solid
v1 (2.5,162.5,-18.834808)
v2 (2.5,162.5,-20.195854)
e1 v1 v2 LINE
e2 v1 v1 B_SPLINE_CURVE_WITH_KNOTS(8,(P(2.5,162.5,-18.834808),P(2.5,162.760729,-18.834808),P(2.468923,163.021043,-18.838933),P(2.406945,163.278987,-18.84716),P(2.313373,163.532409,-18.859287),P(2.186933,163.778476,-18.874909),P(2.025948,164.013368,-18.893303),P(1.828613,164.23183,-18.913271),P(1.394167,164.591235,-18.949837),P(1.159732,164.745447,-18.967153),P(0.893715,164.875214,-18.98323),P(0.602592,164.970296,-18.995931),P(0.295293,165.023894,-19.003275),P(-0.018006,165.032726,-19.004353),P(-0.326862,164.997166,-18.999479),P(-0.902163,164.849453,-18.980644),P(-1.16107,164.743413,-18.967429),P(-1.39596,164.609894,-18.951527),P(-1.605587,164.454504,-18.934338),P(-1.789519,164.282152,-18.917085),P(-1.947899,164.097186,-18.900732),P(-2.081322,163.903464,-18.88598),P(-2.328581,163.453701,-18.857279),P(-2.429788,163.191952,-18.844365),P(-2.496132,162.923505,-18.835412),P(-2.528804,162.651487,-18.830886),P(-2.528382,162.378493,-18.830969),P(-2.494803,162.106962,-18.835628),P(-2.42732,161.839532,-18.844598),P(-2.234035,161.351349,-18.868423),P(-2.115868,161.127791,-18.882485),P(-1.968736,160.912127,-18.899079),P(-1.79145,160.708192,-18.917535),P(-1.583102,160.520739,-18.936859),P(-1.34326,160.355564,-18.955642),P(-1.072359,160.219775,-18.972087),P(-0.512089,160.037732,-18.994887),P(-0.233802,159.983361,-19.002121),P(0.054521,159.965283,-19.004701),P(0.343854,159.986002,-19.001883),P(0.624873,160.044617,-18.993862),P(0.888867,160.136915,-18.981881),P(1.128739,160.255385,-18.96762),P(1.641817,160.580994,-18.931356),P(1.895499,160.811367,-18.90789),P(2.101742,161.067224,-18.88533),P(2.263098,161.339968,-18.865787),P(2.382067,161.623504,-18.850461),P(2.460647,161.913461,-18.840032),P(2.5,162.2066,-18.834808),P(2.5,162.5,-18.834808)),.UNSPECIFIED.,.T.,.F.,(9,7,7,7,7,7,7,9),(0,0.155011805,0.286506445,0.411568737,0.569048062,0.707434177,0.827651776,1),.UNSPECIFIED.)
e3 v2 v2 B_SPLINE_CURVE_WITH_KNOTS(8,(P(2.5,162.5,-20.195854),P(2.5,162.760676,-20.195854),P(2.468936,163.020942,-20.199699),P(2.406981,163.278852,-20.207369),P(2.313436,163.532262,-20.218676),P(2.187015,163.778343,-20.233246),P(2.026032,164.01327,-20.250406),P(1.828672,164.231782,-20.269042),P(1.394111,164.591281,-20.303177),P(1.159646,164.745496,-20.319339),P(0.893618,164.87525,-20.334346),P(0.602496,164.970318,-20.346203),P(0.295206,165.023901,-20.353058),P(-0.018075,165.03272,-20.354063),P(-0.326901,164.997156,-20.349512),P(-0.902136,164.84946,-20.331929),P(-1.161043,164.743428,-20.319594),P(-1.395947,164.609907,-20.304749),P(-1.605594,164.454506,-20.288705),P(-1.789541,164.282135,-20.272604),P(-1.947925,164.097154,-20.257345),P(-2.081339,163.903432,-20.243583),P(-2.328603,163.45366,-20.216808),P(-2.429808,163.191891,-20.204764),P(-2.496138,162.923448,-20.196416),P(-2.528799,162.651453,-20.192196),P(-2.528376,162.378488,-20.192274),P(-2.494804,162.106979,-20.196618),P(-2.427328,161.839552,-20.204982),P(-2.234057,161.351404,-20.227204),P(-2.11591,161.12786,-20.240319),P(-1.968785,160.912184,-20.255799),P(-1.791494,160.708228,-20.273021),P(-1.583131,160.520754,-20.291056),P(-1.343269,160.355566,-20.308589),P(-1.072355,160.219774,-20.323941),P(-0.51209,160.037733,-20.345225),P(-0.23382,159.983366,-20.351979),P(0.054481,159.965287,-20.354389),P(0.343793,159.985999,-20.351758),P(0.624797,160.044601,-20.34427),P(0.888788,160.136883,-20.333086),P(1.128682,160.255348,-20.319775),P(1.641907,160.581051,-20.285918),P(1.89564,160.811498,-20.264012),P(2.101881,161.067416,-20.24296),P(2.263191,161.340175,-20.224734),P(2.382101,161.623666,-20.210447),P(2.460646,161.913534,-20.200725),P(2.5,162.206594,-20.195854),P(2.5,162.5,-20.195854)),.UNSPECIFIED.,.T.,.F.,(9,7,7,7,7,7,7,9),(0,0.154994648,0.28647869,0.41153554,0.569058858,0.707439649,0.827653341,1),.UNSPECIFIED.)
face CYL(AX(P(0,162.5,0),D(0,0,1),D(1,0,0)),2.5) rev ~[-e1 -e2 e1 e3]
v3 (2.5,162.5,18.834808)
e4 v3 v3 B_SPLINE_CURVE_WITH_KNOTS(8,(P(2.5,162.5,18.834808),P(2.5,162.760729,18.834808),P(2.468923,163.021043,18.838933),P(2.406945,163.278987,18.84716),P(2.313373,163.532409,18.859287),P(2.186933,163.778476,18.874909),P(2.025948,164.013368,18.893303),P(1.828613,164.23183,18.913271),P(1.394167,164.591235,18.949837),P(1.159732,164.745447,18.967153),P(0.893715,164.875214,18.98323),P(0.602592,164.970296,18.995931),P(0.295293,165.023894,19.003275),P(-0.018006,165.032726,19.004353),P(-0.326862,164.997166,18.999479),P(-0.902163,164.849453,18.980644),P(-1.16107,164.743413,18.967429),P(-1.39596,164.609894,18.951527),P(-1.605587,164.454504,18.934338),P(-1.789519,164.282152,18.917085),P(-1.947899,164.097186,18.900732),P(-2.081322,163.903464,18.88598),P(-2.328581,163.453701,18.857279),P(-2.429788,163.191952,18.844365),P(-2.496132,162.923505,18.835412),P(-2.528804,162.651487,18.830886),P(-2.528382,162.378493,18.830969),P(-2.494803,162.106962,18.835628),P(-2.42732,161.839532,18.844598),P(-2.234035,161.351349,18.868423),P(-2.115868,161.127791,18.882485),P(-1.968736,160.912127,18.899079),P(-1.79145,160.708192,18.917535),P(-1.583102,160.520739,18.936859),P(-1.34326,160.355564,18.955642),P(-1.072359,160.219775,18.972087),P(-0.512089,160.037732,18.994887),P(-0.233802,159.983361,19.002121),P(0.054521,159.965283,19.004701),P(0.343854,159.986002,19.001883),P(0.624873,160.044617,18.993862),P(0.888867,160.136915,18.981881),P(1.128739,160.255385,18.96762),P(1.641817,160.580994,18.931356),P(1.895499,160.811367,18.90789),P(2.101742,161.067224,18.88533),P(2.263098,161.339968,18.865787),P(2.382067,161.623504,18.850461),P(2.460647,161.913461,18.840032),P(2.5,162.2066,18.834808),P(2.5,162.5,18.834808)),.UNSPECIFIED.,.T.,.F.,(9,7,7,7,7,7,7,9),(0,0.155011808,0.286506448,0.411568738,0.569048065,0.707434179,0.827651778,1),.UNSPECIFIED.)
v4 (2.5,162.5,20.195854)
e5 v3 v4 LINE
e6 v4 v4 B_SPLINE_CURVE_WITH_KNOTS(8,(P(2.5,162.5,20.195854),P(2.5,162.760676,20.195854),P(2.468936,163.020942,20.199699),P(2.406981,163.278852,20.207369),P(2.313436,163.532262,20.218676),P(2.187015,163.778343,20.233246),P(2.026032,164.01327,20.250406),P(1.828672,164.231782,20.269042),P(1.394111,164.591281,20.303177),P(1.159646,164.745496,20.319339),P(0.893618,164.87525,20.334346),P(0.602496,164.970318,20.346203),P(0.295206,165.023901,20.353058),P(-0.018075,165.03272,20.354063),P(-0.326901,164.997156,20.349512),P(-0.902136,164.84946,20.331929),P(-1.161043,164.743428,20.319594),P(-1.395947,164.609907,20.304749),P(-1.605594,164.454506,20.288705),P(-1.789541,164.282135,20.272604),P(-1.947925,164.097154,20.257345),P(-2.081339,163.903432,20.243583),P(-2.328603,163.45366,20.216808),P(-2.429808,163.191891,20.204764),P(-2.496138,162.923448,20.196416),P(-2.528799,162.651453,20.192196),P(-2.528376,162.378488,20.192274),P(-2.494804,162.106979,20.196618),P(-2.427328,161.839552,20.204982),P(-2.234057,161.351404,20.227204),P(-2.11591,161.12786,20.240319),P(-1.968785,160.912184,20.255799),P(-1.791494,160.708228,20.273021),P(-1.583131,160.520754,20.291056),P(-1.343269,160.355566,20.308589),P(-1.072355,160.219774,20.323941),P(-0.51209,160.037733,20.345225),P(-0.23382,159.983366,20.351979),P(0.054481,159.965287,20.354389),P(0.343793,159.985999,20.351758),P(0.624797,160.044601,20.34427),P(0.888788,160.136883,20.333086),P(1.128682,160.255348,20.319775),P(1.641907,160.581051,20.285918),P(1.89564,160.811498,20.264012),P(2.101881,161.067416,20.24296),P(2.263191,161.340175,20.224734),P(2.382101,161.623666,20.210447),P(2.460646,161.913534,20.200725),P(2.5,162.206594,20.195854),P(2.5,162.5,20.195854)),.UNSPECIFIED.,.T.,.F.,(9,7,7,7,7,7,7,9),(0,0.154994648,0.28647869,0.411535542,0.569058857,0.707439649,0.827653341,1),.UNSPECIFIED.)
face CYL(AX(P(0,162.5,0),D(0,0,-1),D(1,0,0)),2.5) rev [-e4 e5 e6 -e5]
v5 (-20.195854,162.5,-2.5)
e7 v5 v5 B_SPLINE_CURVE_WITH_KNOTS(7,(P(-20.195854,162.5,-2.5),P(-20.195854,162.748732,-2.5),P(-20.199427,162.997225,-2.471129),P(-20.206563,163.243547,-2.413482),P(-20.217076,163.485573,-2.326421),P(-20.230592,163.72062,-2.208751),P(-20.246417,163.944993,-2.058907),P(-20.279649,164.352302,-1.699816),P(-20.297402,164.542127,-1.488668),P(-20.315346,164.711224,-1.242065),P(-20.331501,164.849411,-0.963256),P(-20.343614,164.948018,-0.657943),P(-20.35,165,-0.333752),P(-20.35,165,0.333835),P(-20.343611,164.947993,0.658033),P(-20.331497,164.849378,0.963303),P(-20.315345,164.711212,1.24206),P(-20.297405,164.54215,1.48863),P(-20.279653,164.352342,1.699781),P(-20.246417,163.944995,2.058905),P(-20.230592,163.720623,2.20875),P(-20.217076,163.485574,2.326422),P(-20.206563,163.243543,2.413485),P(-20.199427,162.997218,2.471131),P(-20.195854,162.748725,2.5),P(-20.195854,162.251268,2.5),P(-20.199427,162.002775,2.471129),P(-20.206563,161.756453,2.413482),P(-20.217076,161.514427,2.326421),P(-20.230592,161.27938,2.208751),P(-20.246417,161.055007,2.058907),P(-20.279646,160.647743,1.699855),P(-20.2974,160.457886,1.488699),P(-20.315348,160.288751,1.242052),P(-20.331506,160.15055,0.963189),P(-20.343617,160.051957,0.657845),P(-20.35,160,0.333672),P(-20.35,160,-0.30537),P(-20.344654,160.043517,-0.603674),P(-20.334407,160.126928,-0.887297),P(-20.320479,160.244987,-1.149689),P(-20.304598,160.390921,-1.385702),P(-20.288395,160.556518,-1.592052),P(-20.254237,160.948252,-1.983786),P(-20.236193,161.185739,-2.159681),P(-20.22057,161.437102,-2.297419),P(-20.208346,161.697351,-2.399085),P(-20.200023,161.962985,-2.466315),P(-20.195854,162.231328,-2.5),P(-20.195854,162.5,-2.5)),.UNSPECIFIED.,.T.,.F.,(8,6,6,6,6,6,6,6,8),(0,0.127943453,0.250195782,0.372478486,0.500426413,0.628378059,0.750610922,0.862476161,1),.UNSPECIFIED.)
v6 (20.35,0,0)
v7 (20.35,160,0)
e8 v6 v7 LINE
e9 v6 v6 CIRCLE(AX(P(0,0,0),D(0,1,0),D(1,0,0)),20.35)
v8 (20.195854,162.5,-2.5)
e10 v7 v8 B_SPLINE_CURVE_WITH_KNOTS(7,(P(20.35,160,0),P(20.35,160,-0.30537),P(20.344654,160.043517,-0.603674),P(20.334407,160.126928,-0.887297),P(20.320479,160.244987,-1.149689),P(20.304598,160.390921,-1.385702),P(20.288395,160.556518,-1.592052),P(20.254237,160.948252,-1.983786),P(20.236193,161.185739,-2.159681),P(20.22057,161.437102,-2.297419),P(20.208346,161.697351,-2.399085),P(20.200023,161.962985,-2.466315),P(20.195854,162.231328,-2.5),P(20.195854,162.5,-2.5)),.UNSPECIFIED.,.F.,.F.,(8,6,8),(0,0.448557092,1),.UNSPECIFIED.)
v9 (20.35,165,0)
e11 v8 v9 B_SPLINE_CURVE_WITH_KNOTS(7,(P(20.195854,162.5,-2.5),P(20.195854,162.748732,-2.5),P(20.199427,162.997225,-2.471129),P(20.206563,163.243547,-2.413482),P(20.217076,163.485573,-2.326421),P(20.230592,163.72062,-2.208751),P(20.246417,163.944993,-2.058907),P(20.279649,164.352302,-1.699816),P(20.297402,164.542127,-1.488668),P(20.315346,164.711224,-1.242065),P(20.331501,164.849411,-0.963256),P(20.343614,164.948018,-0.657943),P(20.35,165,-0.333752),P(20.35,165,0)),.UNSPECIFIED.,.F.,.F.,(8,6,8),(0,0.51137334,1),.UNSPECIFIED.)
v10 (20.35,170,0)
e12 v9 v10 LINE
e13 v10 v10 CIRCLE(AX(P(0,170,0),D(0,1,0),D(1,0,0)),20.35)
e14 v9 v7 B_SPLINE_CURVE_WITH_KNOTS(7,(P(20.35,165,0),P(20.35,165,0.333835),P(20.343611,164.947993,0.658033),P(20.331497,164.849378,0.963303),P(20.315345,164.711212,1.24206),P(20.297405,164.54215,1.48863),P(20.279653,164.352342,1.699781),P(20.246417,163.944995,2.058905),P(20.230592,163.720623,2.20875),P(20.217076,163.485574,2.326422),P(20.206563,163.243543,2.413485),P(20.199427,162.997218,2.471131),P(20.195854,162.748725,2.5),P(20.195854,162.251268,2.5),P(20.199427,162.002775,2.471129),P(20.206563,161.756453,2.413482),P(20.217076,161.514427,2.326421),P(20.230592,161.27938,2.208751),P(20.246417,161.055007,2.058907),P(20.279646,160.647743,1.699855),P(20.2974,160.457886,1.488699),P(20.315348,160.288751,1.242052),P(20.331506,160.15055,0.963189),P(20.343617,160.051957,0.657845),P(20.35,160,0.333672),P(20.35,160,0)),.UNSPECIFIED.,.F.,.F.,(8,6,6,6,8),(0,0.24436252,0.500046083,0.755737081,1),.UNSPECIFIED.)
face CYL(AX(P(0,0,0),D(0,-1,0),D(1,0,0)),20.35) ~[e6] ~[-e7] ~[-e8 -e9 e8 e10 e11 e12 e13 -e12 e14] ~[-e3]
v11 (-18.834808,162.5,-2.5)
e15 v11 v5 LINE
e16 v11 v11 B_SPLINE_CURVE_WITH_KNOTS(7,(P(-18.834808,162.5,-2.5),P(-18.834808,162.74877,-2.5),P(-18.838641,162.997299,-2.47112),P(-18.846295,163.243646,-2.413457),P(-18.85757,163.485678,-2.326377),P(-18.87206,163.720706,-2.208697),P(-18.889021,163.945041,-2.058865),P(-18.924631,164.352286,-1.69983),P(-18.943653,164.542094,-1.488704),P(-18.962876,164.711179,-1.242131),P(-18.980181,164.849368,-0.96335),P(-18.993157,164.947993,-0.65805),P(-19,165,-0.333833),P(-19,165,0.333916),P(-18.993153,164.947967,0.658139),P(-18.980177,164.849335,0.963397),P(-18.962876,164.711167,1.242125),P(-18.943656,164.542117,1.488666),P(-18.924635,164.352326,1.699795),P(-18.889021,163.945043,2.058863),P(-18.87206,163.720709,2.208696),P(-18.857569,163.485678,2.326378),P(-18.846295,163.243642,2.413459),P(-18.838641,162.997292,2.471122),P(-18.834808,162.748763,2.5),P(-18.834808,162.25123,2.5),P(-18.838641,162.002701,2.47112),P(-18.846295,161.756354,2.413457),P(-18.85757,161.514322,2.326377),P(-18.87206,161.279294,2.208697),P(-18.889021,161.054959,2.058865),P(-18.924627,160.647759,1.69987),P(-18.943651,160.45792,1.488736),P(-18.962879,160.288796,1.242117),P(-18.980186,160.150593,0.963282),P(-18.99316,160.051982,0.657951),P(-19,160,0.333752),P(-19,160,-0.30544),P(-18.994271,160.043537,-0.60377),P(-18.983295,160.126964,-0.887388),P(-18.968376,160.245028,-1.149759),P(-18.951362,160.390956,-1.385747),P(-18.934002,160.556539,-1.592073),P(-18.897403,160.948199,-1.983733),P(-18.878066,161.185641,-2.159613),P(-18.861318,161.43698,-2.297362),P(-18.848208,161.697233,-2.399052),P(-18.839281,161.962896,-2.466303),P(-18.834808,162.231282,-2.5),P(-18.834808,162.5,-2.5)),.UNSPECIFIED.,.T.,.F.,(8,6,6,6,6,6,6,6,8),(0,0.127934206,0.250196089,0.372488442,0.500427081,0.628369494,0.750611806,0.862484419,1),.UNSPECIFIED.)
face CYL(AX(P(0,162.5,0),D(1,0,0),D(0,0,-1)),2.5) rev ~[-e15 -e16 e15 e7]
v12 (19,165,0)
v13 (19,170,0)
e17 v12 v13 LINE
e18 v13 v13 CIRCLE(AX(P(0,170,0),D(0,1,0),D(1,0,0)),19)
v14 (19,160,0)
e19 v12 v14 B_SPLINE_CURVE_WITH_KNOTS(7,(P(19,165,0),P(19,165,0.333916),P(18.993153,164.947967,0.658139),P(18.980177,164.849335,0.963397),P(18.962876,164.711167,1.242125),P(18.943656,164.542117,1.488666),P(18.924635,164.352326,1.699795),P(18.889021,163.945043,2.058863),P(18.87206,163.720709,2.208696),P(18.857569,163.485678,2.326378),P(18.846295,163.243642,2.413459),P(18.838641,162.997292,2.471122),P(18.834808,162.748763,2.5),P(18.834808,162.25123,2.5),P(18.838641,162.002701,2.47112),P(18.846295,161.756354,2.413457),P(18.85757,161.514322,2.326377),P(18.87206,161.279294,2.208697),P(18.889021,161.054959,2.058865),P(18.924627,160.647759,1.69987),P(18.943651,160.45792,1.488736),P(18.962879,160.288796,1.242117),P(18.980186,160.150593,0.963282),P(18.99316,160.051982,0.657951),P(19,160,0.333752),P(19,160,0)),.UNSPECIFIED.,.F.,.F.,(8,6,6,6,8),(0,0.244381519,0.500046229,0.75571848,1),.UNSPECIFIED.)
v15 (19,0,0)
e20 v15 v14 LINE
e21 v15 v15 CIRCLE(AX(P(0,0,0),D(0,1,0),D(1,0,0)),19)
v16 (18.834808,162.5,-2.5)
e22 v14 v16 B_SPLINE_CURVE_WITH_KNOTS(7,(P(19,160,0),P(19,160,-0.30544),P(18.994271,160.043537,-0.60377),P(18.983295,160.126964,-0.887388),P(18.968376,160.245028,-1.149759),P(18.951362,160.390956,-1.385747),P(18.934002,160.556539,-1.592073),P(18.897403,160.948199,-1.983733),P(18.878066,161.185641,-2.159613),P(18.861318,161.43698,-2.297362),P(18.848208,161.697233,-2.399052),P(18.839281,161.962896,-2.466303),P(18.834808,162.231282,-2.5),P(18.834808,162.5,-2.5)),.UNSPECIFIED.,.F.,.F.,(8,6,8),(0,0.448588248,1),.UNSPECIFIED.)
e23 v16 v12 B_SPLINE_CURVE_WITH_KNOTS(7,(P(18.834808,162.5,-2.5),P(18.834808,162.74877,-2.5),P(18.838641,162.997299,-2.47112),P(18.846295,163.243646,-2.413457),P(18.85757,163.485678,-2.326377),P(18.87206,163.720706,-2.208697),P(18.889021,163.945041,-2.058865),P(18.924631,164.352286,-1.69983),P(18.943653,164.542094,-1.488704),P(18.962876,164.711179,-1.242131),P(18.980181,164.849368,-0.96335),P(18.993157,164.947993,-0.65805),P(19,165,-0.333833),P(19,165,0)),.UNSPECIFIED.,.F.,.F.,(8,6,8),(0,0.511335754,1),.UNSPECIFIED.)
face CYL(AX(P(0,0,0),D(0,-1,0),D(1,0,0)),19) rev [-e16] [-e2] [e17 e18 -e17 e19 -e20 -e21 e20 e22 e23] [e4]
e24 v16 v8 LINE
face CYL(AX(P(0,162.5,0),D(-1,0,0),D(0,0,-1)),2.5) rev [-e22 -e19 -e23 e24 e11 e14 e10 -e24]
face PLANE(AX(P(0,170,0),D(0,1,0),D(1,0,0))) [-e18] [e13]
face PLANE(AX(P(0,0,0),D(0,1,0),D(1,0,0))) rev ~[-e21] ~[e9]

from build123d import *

# Parameters (mm, degrees)
SKIZZE1_R                            = 20.35
SKIZZE1_R_2                          = 19
AUFSATZ_LINEAR_AUSTRAGEN1_DEPTH      = 170
SKIZZE2_R                            = 2.5
SCHNITT_LINEAR_AUSTRAGEN1_DEPTH      = 21.35
SCHNITT_LINEAR_AUSTRAGEN1_DEPTH_BACK = 21.35
SKIZZE3_R                            = 2.5
SCHNITT_LINEAR_AUSTRAGEN2_DEPTH      = 21.3500001
SCHNITT_LINEAR_AUSTRAGEN2_DEPTH_BACK = 21.3500001


with BuildPart() as part:
    # Skizze1 → Aufsatz-Linear austragen1 (new body)
    with BuildSketch(Plane(origin=(0, 0, 0), x_dir=(1, 0, 0), z_dir=(0, 1, 0))):
        Circle(SKIZZE1_R)
        Circle(SKIZZE1_R_2, mode=Mode.SUBTRACT)
    extrude(amount=AUFSATZ_LINEAR_AUSTRAGEN1_DEPTH)

    # Skizze2 → Schnitt-Linear austragen1 (cut, two sides)
    with BuildSketch(Plane.XY) as schnitt_linear_austragen1_sk:
        with Locations((0, 162.5)):
            Circle(SKIZZE2_R)
    extrude(amount=SCHNITT_LINEAR_AUSTRAGEN1_DEPTH, mode=Mode.SUBTRACT)
    extrude(schnitt_linear_austragen1_sk.sketch, amount=-SCHNITT_LINEAR_AUSTRAGEN1_DEPTH_BACK, mode=Mode.SUBTRACT)

    # Skizze3 → Schnitt-Linear austragen2 (cut, two sides)
    with BuildSketch(Plane(origin=(0, 0, 0), x_dir=(0, 0, -1), z_dir=(1, 0, 0))) as schnitt_linear_austragen2_sk:
        with Locations((0, 162.5)):
            Circle(SKIZZE3_R)
    extrude(amount=SCHNITT_LINEAR_AUSTRAGEN2_DEPTH, mode=Mode.SUBTRACT)
    extrude(schnitt_linear_austragen2_sk.sketch, amount=-SCHNITT_LINEAR_AUSTRAGEN2_DEPTH_BACK, mode=Mode.SUBTRACT)


solid = part.part
